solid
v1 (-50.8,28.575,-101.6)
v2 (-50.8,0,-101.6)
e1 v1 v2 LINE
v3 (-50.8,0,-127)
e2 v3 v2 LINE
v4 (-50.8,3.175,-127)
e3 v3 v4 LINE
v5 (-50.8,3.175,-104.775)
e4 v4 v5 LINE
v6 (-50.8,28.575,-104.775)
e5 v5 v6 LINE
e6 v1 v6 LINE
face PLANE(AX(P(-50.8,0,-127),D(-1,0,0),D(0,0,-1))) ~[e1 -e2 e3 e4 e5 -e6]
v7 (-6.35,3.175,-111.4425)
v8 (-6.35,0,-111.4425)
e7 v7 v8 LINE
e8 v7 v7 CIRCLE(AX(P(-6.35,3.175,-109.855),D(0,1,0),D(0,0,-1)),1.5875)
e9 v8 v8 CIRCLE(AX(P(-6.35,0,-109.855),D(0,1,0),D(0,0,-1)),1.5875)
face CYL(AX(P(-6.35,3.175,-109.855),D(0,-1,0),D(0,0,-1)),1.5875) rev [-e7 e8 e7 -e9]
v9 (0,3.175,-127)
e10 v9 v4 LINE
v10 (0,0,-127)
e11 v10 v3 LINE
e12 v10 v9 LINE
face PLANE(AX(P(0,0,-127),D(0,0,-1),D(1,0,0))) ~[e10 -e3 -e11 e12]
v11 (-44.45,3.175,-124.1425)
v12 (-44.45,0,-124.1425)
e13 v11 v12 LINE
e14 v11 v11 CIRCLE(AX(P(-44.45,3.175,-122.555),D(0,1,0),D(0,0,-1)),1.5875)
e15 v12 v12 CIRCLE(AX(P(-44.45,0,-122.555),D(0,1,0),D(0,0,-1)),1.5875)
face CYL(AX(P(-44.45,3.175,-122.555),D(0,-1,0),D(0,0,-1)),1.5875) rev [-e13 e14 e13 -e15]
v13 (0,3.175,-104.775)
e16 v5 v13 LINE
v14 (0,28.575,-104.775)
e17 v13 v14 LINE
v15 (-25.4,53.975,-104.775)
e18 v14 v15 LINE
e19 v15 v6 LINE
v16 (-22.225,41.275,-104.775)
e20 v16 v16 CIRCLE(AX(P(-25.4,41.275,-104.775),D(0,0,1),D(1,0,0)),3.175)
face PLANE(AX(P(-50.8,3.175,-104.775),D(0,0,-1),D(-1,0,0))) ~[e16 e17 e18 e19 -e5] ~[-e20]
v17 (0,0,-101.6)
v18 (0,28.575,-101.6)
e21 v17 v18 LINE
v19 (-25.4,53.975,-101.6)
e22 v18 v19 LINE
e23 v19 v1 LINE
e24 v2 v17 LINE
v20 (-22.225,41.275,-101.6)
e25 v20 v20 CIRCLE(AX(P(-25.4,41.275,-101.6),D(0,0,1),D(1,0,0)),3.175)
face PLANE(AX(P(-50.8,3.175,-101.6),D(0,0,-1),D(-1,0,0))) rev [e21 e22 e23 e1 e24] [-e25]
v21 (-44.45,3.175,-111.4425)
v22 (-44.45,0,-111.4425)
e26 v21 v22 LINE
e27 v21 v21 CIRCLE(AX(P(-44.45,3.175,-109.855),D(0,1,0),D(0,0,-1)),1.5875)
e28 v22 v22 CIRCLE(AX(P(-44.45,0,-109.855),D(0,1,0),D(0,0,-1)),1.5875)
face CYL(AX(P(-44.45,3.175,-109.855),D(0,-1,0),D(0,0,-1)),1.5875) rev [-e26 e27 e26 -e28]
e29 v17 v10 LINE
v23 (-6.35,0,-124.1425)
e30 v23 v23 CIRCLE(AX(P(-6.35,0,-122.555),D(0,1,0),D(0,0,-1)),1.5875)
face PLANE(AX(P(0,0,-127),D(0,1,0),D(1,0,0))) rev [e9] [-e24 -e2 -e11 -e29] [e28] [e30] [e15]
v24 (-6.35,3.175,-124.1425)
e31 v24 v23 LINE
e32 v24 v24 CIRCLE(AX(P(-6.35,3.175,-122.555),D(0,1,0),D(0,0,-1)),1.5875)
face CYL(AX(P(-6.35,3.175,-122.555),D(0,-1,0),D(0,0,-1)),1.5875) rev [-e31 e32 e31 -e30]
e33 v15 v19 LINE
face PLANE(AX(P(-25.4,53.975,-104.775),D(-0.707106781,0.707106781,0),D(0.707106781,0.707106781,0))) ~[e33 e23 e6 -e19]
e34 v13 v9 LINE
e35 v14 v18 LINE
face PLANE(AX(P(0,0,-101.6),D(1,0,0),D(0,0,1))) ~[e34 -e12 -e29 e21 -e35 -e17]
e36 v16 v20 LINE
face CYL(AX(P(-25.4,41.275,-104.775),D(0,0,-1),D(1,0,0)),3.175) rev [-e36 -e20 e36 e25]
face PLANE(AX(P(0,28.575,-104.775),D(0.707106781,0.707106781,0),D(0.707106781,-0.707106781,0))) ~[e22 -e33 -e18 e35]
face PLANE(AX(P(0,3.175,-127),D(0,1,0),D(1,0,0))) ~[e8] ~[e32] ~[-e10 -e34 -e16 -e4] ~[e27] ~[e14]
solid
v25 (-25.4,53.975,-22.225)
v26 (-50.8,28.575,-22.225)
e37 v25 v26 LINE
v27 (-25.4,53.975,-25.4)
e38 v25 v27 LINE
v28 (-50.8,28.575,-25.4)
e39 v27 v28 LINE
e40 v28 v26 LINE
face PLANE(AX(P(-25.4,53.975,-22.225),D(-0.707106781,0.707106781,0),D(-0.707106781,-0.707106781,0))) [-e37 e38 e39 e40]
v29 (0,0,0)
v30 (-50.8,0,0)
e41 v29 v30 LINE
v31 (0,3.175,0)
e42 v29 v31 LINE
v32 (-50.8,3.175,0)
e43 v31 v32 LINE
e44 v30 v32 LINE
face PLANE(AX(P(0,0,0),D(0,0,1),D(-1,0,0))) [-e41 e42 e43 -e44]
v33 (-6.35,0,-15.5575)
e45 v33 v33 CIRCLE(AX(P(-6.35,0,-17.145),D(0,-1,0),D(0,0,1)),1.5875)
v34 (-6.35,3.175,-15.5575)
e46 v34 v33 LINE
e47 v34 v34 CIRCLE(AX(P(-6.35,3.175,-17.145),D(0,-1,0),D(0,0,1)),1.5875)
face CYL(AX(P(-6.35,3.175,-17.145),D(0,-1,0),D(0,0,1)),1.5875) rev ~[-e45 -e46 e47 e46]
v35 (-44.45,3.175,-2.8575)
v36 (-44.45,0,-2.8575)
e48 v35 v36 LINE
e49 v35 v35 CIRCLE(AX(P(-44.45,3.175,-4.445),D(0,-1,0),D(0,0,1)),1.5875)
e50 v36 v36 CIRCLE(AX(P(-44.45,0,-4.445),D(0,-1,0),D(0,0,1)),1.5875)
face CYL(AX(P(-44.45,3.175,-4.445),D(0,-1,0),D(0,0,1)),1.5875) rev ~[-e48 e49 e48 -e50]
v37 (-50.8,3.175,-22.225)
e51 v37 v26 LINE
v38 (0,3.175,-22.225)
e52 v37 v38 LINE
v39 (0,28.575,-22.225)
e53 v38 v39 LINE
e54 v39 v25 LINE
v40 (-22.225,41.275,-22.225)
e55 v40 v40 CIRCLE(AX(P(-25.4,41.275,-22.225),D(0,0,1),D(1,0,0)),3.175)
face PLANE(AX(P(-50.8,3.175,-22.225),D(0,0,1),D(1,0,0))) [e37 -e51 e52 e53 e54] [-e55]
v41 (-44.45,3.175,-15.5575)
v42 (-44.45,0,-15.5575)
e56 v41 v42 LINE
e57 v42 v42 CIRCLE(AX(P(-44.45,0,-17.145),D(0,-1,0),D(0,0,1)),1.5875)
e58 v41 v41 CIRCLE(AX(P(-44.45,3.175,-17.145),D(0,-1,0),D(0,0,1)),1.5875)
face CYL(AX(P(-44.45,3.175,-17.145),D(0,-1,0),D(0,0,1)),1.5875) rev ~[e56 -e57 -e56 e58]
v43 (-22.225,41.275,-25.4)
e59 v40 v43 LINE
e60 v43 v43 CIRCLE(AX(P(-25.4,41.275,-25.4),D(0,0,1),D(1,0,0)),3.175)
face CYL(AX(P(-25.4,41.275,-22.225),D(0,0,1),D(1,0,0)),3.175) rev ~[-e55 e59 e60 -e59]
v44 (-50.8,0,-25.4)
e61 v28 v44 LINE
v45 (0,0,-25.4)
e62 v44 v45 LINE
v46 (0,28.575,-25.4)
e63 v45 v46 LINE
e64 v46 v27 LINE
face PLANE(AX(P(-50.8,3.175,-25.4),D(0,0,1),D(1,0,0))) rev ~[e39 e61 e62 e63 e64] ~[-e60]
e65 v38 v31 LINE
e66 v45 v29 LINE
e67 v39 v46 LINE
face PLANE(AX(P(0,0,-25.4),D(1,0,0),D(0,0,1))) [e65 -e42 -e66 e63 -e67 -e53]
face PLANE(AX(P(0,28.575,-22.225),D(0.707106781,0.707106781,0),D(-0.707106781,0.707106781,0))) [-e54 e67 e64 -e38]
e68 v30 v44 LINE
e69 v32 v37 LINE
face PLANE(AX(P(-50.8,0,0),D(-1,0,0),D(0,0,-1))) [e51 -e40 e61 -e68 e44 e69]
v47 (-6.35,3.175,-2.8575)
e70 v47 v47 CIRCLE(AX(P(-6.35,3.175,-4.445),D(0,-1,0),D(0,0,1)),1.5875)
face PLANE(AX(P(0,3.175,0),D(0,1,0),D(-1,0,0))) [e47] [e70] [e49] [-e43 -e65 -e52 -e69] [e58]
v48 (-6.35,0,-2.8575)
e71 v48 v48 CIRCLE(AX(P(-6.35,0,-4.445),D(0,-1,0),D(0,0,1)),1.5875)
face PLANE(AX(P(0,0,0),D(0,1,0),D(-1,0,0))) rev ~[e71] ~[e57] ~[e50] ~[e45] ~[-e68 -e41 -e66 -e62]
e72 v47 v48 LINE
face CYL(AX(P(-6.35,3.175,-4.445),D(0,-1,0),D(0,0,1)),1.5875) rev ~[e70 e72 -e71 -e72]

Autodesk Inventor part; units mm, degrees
ref_plane "YZ Plane" through (0, 0, 0) normal (1, 0, 0) x (0, 1, 0)
ref_plane "XZ Plane" through (0, 0, 0) normal (0, 1, 0) x (-1, 0, 0)
sketch "Sketch1" plane through (0, 0, 0) normal (0, 1, 0) x (-1, 0, 0)
  line L0 (0, 0) -> (50.8, 0)
  line L1 (50.8, 0) -> (50.8, -25.4)
  line L2 (50.8, -25.4) -> (0, -25.4)
  line L3 (0, -25.4) -> (0, 0)
  dimension "d0" = 50.8
  dimension "d1" = 25.4
extrude "Extrusion1" add sketch "Sketch1" along normal blind 3.175
sketch "Sketch2" plane through (0, 3.175, 0) normal (0, 1, 0) x (1, 0, 0)
  line L0 (0, 0) -> (0, 25.4) projected
  line L1 (-50.8, 25.4) -> (-50.8, 0) projected
  line L2 (0, 25.4) -> (-50.8, 25.4)
  line L3 (-50.8, 25.4) -> (-50.8, 22.225)
  line L4 (-50.8, 22.225) -> (0, 22.225)
  line L5 (0, 22.225) -> (0, 25.4)
  dimension "d4" = 3.175
extrude "Extrusion2" add sketch "Sketch2" along normal blind 25.4
sketch "Sketch3" plane through (-50.8, 3.175, -22.225) normal (0, 0, 1) x (1, 0, 0)
  line L0 (0, -3.175) -> (0, 25.4) projected
  line L1 (50.8, 25.4) -> (0, 25.4) projected
  line L2 (0, 25.4) -> (50.8, 25.4)
  line L3 (50.8, 25.4) -> (25.4, 50.8)
  line L4 (25.4, 50.8) -> (0, 25.4)
  point P0 (50.8, -3.175)
  dimension "d7" = 25.4
extrude "Extrusion3" add sketch "Sketch3" against normal blind 3.175
sketch "Sketch4" plane through (-50.8, 3.175, -22.225) normal (0, 0, 1) x (1, 0, 0)
  circle A0 centre (25.4, 38.1) radius 3.175
  point P0 (50.8, -3.175)
  point P1 (25.4, 50.8)
  dimension "d10" = 6.35
  dimension "d11" = 12.7
extrude "Extrusion4" cut sketch "Sketch4" against normal blind 3.175
sketch "Sketch5" plane through (0, 3.175, 0) normal (0, 1, 0) x (1, 0, 0)
  line L0 (-44.45, 4.445) -> (-6.35, 4.445)
  line L1 (-6.35, 4.445) -> (-6.35, 17.145)
  line L2 (-6.35, 17.145) -> (-44.45, 17.145)
  line L3 (-44.45, 17.145) -> (-44.45, 4.445)
  line L4 (-50.8, 0) -> (0, 0) projected
  line L5 (-50.8, 22.225) -> (-50.8, 0) projected
  dimension "d14" = 38.1
  dimension "d15" = 12.7
  dimension "d16" = 4.445
  dimension "d17" = 6.35
hole "Hole1" at (-44.45, 3.175, -17.145) at (-6.35, 3.175, -17.145) at (-6.35, 3.175, -4.445) at (-44.45, 3.175, -4.445) direction (0, -1, 0) diameter 3.175 end through all
ref_plane "Work Plane1" through (0, 0, -63.5) normal (0, 0, -1) x (-1, 0, 0)
mirror "Mirror1" about plane through (0, 0, -63.5) normal (0, 0, -1)
properties part number "Intake - Piston Mounting Brackets"
